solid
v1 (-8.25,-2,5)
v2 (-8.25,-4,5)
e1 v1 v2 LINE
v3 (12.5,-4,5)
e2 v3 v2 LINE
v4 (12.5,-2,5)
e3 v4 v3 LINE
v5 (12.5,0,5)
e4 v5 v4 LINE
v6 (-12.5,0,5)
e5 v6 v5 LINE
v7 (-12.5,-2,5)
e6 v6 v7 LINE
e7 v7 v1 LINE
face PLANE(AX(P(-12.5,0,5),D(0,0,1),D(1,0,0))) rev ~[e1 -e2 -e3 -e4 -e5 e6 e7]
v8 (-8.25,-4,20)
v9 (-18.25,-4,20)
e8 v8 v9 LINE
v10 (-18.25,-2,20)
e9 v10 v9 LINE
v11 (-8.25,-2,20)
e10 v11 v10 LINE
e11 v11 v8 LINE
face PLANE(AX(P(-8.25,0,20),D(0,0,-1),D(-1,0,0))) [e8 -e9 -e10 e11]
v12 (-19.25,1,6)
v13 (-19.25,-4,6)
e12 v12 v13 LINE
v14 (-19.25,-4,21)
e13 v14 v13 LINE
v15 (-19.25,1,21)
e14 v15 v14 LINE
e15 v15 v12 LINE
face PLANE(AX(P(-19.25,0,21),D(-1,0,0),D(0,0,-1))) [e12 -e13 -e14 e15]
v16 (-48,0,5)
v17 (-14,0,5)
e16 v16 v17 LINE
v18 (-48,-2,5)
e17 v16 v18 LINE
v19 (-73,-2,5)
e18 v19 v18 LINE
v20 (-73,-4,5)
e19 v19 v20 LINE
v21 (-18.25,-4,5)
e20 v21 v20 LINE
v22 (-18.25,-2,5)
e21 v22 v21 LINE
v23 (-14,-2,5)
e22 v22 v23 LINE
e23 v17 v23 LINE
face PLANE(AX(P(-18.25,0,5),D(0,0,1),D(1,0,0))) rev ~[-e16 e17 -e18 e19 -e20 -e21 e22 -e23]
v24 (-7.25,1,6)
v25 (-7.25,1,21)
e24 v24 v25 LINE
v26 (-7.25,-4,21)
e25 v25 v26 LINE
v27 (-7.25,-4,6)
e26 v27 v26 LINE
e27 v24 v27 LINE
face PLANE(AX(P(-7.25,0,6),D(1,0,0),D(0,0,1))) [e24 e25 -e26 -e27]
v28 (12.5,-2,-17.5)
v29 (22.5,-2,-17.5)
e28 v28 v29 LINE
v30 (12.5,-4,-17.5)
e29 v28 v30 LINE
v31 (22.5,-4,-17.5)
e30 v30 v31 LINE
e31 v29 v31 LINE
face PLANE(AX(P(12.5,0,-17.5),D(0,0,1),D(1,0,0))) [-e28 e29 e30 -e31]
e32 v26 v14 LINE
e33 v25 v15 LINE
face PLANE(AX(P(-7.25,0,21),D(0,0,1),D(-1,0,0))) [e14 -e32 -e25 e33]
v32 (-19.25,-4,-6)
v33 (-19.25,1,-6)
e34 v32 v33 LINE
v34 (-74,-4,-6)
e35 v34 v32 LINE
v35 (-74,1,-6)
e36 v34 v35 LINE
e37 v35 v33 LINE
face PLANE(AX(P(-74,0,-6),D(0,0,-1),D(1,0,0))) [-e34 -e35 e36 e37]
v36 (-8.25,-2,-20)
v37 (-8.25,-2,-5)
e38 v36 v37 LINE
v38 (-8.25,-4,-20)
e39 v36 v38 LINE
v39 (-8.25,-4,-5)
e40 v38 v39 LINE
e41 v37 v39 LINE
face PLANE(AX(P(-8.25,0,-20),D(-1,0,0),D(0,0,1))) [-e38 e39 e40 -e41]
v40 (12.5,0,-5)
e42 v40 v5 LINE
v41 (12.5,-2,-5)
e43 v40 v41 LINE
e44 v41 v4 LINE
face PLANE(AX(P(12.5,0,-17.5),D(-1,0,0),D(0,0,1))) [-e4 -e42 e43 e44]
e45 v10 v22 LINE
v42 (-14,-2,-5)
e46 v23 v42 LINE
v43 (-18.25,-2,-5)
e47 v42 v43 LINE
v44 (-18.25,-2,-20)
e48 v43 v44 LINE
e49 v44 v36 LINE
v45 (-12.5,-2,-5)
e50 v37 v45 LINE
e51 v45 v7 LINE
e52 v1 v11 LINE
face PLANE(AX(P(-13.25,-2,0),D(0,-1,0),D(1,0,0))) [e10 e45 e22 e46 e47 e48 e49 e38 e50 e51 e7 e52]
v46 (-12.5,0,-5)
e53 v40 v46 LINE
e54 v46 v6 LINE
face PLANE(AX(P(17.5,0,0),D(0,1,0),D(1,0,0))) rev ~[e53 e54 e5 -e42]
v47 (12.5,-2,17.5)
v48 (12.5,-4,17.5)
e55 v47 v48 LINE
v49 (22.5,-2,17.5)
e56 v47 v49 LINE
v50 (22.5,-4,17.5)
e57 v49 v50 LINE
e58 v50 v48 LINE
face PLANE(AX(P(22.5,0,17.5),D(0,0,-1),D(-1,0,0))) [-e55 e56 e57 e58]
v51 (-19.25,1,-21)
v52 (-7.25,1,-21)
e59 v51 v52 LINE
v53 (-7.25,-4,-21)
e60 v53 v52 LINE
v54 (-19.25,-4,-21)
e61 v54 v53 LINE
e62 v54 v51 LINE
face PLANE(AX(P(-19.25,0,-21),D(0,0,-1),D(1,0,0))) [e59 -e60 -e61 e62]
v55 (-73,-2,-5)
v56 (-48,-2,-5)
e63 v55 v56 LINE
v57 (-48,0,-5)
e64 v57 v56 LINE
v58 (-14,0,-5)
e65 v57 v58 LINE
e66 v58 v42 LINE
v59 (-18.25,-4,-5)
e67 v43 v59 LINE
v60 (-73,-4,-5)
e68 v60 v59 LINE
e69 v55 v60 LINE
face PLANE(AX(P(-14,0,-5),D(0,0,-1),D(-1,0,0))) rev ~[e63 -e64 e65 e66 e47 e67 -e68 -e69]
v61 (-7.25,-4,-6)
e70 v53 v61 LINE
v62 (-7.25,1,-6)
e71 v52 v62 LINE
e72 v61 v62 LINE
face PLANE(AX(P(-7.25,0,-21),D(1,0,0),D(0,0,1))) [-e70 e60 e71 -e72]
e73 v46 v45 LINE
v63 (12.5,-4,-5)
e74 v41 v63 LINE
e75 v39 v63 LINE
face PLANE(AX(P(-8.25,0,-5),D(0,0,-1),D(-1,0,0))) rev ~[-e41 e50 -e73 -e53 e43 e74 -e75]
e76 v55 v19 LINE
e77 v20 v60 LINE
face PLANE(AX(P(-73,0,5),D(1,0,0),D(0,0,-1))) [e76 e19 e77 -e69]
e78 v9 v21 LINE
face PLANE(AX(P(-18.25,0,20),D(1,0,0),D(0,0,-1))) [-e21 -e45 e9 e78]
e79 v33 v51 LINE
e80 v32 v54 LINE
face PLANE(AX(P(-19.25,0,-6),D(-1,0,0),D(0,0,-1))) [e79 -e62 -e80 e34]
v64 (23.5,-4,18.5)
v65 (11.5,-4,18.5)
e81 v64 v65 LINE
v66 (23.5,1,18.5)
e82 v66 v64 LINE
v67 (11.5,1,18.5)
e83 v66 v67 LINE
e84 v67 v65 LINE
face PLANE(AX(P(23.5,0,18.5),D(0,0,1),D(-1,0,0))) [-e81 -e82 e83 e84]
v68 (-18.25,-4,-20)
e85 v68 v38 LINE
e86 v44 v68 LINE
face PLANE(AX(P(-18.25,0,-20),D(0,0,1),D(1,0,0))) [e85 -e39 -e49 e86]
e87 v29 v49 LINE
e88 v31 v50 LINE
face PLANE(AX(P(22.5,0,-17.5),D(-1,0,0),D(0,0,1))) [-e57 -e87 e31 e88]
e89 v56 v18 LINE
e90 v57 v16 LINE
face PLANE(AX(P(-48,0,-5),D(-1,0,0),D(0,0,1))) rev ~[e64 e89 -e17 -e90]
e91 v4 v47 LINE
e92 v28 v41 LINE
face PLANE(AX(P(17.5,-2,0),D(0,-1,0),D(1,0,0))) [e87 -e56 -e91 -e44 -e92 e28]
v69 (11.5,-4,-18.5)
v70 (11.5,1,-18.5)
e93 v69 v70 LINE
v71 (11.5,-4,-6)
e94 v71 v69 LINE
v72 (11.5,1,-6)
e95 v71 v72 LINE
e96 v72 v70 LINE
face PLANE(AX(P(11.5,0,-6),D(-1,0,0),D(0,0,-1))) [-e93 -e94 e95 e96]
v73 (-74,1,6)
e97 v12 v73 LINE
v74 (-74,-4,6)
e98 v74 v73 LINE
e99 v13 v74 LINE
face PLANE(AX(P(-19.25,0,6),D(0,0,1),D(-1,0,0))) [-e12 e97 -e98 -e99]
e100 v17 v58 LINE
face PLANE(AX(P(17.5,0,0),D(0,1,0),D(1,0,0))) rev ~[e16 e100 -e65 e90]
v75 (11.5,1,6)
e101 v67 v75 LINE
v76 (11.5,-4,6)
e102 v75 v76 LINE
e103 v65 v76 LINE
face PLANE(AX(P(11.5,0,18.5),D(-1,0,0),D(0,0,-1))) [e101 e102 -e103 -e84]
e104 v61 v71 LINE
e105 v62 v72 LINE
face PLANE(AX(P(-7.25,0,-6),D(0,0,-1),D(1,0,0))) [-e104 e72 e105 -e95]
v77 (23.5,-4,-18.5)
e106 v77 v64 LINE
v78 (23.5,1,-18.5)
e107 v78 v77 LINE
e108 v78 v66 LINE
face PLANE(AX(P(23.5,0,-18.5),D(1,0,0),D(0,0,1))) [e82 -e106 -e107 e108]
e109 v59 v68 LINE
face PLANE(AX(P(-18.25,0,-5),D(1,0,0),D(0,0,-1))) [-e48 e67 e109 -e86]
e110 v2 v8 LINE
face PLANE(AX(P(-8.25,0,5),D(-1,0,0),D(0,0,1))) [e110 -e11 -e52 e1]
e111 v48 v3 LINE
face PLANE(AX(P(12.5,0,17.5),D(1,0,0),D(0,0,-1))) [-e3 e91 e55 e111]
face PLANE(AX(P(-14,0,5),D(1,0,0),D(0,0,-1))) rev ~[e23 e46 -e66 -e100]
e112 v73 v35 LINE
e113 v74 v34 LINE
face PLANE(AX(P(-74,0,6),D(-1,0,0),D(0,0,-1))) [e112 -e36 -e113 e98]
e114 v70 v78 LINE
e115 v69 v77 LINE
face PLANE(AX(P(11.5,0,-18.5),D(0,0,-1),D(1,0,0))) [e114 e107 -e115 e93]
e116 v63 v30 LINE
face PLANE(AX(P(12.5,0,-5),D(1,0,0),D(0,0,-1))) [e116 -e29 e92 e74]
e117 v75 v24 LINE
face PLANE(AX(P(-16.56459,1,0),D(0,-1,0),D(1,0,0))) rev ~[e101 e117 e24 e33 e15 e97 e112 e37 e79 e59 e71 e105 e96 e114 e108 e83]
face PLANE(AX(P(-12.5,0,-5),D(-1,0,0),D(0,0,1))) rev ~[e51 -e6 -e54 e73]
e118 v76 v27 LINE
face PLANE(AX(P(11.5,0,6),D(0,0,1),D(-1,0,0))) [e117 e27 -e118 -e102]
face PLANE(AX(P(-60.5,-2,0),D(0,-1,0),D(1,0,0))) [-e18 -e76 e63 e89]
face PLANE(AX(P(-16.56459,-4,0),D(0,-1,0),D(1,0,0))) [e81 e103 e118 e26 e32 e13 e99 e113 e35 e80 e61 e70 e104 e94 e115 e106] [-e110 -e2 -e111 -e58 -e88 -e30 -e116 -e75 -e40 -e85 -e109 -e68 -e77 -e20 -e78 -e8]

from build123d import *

# Parameters (mm, degrees)
SKETCH_3_W           = 10
SKETCH_3_H           = 35
SKETCH_3_W_2         = 20.75
SKETCH_3_H_2         = 10
SKETCH_3_W_3         = 29.75
SKETCH_3_W_4         = 25
EXTRUDE_1_DEPTH      = 1
EXTRUDE_2_DEPTH      = 4
EXTRUDE_2_DEPTH_BACK = 1
SKETCH_5_W           = 25
SKETCH_5_H           = 10
SKETCH_5_W_2         = 10
SKETCH_5_H_2         = 35
EXTRUDE_3_DEPTH      = 2


with BuildPart() as part:
    # 草图3 → 凸台-拉伸1 (new body)
    with BuildSketch(Plane(origin=(0, 0, 0), x_dir=(1, 0, 0), z_dir=(0, 1, 0))):
        with Locations((17.5, 0)):
            Rectangle(SKETCH_3_W, SKETCH_3_H)
        with Locations((2.125, 0)):
            Rectangle(SKETCH_3_W_2, SKETCH_3_H_2)
        Polygon((-8.25, -5), (-8.25, 5), (-8.25, 20), (-18.25, 20), (-18.25, 5), (-18.25, -5), (-18.25, -20), (-8.25, -20), align=None)
        with Locations((-33.125, 0)):
            Rectangle(SKETCH_3_W_3, SKETCH_3_H_2)
        with Locations((-60.5, 0)):
            Rectangle(SKETCH_3_W_4, SKETCH_3_H_2)
    extrude(amount=EXTRUDE_1_DEPTH)

    # 草图4 → 凸台-拉伸2 (add, two sides)
    with BuildSketch(Plane.XZ) as extrude_2_sk:
        Polygon((11.5, -18.5), (23.5, -18.5), (23.5, 18.5), (11.5, 18.5), (11.5, 6), (-7.25, 6), (-7.25, 21), (-19.25, 21), (-19.25, 6), (-74, 6), (-74, -6), (-19.25, -6), (-19.25, -21), (-7.25, -21), (-7.25, -6), (11.5, -6), align=None)
        Polygon((12.5, -17.5), (22.5, -17.5), (22.5, 17.5), (12.5, 17.5), (12.5, 5), (-8.25, 5), (-8.25, 20), (-18.25, 20), (-18.25, 5), (-73, 5), (-73, -5), (-18.25, -5), (-18.25, -20), (-8.25, -20), (-8.25, -5), (12.5, -5), align=None, mode=Mode.SUBTRACT)
    extrude(amount=EXTRUDE_2_DEPTH)
    extrude(extrude_2_sk.sketch, amount=-EXTRUDE_2_DEPTH_BACK)

    # 草图5 → 凸台-拉伸3 (add)
    with BuildSketch(Plane.XZ):
        Polygon((-18.25, 20), (-18.25, 5), (-14, 5), (-14, -5), (-18.25, -5), (-18.25, -20), (-8.25, -20), (-8.25, -5), (-12.5, -5), (-12.5, 5), (-8.25, 5), (-8.25, 20), align=None)
        with Locations((-60.5, 0)):
            Rectangle(SKETCH_5_W, SKETCH_5_H)
        with Locations((17.5, 0)):
            Rectangle(SKETCH_5_W_2, SKETCH_5_H_2)
    extrude(amount=EXTRUDE_3_DEPTH)


solid = part.part
